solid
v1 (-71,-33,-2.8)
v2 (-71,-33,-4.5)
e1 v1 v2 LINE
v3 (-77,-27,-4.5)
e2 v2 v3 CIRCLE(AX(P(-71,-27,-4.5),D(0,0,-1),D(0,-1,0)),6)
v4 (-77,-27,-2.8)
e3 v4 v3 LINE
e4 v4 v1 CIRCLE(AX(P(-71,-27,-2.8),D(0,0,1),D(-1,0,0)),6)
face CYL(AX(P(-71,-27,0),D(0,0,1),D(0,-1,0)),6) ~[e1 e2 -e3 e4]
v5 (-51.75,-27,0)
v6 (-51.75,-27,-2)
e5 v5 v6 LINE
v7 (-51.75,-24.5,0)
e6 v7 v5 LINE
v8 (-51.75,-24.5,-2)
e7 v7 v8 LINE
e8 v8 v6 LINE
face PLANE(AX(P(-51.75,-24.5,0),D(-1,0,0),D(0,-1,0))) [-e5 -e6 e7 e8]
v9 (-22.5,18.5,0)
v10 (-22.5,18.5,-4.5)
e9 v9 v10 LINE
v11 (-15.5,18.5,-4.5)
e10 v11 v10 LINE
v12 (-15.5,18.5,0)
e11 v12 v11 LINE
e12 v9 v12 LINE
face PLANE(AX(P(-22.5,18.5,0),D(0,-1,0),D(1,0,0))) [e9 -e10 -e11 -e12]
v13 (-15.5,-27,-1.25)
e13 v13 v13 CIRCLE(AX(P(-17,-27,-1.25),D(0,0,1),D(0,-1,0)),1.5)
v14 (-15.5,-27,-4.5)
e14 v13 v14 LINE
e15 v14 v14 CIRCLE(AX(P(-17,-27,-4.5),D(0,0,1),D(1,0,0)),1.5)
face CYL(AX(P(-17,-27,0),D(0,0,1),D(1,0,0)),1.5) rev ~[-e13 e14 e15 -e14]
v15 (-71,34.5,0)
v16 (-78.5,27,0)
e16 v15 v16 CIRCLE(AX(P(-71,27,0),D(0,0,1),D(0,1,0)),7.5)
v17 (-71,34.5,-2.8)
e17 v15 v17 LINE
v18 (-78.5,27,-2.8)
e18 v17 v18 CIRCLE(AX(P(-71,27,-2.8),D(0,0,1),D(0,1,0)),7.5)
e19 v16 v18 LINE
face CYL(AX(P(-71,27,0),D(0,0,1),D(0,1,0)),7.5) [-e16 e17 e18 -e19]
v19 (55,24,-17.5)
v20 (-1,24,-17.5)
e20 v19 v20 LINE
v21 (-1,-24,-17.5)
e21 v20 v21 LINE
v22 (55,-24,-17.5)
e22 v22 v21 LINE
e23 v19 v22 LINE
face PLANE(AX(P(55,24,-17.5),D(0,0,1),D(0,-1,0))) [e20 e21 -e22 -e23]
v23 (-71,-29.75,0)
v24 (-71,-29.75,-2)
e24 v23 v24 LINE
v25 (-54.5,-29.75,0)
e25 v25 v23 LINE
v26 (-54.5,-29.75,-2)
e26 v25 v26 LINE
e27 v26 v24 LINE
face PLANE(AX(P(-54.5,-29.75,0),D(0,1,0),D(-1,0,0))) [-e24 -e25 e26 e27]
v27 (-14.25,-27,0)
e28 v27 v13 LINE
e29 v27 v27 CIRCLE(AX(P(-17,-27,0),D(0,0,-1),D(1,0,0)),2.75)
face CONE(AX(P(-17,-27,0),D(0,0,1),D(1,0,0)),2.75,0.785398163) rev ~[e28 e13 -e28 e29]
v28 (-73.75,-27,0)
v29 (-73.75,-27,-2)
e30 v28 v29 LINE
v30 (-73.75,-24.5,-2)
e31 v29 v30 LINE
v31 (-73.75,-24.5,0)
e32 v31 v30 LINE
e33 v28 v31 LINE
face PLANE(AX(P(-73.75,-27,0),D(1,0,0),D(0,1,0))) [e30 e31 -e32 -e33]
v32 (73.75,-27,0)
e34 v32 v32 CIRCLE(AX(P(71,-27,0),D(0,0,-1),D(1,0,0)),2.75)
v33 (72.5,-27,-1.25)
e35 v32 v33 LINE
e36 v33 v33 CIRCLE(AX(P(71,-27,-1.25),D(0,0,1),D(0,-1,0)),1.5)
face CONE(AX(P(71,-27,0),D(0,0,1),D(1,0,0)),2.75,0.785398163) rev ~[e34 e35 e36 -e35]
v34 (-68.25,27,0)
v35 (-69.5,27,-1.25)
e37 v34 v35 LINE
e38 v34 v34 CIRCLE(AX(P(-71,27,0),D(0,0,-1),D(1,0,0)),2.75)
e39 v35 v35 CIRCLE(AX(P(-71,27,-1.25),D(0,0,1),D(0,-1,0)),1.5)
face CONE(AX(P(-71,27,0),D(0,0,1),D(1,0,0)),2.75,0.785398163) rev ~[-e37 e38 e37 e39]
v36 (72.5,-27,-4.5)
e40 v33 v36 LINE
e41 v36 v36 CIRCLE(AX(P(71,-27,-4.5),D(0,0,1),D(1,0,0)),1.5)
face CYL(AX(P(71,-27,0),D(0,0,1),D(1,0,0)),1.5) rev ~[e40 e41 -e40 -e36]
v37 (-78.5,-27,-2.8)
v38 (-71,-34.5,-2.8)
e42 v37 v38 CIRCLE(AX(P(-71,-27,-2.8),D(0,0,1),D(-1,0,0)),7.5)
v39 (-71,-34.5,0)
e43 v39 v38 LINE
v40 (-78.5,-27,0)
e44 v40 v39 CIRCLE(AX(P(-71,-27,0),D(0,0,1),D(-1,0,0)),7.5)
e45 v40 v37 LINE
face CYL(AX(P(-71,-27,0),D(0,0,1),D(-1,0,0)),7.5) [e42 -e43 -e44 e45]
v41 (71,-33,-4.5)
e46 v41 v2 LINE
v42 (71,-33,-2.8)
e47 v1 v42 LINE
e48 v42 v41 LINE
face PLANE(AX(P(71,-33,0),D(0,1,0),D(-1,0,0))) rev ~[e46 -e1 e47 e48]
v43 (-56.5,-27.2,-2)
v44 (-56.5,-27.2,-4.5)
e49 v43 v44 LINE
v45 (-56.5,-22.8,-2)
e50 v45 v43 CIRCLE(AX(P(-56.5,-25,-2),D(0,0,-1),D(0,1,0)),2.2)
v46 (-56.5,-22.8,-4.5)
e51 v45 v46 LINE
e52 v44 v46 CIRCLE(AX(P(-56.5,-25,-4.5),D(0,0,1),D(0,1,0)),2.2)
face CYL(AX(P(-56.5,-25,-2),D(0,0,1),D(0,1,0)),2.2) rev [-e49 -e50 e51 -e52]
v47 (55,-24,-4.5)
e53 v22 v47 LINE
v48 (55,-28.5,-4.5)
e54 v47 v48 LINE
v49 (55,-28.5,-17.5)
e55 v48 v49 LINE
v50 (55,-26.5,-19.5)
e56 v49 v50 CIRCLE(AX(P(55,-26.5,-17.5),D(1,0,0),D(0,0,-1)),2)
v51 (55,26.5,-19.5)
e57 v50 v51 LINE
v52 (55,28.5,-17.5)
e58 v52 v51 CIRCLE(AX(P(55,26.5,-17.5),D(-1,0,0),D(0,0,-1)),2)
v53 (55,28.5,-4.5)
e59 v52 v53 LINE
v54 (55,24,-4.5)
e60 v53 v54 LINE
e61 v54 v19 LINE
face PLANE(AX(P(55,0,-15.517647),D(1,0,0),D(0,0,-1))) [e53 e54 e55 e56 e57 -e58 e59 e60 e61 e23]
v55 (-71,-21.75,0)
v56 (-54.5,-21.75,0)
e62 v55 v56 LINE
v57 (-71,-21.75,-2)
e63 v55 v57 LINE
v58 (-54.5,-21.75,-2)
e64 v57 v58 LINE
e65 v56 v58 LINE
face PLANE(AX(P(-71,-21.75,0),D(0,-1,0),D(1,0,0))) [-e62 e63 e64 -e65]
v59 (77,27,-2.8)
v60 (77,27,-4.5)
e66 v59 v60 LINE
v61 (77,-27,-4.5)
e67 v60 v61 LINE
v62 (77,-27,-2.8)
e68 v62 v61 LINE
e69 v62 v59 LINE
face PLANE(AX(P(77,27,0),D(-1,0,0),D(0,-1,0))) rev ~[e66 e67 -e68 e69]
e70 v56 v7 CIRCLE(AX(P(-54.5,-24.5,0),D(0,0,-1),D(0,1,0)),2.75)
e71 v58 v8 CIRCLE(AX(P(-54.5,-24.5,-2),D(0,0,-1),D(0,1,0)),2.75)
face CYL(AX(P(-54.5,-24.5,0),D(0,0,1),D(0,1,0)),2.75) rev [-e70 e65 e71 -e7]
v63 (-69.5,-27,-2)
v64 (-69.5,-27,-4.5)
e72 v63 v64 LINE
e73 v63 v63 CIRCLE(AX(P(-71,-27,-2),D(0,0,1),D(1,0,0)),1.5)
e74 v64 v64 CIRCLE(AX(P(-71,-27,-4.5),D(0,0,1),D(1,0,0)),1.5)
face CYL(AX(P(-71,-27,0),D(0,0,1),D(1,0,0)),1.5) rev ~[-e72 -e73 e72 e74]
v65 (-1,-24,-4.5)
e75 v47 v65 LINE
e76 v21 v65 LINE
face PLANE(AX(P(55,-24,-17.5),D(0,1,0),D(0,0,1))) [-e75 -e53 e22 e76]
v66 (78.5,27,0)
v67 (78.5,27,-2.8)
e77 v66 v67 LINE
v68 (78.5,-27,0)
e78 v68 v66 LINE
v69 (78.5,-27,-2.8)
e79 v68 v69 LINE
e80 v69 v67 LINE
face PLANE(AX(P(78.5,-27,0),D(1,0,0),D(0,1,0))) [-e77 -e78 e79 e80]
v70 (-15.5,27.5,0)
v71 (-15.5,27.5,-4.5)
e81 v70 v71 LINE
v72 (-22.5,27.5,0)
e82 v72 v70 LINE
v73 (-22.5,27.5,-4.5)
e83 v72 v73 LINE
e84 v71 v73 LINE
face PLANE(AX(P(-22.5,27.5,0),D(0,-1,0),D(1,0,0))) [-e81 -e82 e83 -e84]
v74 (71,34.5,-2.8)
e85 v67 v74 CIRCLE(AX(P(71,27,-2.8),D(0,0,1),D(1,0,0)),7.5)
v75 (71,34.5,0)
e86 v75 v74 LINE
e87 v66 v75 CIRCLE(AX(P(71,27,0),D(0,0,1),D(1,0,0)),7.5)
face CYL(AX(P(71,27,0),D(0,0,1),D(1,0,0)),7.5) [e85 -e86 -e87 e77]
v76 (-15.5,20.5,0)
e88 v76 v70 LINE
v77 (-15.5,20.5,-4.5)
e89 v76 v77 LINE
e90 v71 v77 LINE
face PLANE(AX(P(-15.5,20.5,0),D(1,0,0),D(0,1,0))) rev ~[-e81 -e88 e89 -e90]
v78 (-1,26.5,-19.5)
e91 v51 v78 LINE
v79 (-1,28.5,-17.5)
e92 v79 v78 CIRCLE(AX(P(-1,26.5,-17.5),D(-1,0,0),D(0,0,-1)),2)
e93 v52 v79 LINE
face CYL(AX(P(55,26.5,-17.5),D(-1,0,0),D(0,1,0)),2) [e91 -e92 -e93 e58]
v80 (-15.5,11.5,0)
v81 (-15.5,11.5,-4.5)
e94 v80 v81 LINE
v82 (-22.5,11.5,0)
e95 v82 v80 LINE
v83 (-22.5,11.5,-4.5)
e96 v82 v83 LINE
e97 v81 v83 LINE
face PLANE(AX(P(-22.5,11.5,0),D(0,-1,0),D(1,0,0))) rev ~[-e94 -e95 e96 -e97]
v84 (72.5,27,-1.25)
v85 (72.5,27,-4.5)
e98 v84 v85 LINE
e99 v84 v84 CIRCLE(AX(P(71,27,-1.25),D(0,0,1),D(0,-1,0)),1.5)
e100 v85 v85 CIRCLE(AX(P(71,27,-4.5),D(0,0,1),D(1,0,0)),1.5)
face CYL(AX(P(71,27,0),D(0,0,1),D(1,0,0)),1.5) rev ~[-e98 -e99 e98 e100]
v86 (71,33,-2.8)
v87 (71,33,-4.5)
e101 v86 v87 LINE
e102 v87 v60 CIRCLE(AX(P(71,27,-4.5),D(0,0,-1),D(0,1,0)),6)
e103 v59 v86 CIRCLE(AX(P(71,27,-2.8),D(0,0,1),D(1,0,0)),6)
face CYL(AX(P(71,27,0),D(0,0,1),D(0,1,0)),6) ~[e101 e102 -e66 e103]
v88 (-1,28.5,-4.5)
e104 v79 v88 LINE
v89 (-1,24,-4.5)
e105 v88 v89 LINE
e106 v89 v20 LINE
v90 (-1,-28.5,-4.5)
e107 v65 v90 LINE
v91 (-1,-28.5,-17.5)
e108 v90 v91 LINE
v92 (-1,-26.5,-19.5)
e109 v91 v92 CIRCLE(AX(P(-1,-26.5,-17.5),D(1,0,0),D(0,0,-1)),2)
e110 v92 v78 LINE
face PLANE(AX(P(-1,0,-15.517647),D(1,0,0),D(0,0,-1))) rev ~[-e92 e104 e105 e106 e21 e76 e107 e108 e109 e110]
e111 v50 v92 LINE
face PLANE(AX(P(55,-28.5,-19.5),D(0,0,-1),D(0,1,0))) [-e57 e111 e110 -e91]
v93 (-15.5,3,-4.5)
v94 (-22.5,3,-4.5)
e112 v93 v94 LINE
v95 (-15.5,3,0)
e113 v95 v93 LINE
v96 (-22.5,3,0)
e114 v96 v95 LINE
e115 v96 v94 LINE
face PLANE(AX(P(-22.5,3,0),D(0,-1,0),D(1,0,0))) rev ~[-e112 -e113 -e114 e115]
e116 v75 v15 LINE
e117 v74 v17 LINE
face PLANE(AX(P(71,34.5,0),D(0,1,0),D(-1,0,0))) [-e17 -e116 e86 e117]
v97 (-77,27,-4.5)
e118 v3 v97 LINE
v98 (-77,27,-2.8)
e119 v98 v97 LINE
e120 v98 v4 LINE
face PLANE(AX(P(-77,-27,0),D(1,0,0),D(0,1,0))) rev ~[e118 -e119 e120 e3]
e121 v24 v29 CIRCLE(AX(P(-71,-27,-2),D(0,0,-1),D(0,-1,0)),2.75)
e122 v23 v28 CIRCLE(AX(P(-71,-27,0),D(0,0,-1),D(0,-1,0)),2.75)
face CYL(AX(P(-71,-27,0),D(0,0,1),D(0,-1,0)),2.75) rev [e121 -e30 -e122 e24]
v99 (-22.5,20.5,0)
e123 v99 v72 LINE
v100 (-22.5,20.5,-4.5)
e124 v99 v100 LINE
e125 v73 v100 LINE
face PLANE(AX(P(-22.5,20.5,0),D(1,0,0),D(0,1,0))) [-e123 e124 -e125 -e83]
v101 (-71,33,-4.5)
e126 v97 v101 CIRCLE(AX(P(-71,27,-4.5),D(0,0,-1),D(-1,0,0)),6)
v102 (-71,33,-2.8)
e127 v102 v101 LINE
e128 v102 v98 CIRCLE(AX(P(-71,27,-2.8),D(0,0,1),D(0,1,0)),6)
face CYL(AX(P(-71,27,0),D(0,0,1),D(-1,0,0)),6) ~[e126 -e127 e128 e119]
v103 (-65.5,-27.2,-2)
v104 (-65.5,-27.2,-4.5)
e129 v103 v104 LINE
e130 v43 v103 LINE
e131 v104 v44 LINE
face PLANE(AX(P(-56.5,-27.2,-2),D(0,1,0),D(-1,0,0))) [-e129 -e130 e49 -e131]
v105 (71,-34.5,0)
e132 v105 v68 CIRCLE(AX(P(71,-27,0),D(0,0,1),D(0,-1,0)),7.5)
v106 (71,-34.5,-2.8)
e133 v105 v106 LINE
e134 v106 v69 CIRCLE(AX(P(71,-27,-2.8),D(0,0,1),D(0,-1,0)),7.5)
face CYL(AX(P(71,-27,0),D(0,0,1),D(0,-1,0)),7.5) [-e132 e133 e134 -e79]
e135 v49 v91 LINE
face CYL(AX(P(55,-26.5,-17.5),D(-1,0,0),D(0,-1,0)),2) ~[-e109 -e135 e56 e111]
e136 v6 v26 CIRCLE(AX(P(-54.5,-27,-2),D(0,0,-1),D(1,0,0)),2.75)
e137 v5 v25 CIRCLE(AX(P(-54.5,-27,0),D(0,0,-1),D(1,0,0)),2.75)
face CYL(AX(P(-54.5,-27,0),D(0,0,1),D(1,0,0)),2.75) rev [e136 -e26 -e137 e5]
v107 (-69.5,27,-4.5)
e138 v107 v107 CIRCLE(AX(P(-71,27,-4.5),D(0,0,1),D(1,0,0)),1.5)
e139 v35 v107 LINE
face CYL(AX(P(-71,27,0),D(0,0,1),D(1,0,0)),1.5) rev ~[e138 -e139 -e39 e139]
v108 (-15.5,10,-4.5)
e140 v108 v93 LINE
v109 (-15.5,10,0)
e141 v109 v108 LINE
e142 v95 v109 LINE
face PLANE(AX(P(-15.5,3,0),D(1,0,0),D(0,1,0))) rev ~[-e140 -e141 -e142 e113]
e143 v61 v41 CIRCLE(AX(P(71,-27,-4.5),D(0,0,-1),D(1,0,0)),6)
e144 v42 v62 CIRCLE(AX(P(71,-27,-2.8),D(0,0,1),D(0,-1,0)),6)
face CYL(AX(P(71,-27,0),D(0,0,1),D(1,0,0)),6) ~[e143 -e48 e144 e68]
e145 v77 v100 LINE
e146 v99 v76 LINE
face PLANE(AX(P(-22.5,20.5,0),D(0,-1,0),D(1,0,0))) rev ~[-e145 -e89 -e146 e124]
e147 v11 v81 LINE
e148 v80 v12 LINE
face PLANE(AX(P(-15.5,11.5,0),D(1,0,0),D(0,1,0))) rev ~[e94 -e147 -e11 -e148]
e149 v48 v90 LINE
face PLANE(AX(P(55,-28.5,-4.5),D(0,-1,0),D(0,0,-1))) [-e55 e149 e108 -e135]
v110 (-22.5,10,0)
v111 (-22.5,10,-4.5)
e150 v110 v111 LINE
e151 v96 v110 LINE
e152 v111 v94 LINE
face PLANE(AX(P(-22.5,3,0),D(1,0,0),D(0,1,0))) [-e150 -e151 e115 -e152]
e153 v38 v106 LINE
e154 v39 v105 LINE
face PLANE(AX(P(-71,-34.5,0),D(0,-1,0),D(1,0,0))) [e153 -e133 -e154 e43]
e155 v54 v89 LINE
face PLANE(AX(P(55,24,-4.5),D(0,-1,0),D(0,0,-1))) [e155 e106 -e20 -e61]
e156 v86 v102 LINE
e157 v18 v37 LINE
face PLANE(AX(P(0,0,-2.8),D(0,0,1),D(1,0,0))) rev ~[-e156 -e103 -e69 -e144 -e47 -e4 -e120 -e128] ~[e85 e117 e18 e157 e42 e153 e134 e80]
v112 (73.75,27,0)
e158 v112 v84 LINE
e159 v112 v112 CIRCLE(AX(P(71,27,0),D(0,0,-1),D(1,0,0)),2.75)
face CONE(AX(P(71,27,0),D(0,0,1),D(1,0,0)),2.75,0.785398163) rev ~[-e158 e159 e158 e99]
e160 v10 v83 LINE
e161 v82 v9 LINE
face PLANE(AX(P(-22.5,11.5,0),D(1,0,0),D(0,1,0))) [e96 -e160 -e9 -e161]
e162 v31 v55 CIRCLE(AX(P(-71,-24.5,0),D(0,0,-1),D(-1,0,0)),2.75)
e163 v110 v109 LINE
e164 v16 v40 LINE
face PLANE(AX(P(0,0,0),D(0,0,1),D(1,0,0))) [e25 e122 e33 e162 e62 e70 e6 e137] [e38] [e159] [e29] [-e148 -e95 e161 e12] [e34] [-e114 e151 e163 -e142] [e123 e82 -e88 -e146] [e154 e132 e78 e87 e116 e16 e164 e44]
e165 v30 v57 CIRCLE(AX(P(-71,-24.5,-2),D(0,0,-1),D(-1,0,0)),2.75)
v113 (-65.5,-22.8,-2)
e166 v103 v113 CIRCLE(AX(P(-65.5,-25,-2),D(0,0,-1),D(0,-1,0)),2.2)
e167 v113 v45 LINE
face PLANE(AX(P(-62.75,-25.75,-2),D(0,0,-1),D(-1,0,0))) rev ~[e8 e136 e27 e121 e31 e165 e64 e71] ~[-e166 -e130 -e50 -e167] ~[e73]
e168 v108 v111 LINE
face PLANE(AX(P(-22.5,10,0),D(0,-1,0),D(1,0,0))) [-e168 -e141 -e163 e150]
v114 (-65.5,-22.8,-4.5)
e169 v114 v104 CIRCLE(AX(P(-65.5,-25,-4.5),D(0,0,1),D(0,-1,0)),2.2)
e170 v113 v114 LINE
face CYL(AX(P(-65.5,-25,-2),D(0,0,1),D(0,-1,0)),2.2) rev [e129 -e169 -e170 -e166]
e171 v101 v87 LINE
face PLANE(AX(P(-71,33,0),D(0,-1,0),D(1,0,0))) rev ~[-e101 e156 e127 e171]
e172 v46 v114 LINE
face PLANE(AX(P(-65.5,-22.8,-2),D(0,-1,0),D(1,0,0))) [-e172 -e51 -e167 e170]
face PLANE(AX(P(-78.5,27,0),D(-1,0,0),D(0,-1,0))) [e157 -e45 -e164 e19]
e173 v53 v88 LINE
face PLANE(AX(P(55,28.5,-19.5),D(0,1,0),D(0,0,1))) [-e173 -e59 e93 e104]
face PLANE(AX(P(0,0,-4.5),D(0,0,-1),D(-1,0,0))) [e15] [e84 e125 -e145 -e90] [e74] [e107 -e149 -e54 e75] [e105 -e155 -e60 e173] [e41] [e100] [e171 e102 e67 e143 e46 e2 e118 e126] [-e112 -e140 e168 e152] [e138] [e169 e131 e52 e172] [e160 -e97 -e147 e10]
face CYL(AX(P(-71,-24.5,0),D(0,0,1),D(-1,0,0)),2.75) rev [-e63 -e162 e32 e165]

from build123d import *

# Parameters (mm, degrees)
EXTRUDE_1_DEPTH             = 2.8
EXTRUDE_2_DEPTH             = 4.5
SKETCH_2_R                  = 1.5
CUT_EXTRUDE_1_DEPTH         = 5
PATTERN_LINEAR_1_COUNT      = 2
PATTERN_LINEAR_1_PITCH      = 142
PATTERN_LINEAR_1_COUNT_DIR2 = 2
PATTERN_LINEAR_1_PITCH_DIR2 = 54
CUT_EXTRUDE_2_DEPTH         = 2
SKETCH_7_R                  = 1.5
CUT_EXTRUDE_3_DEPTH         = 3
SKETCH_8_W                  = 7
SKETCH_8_H                  = 7
CUT_EXTRUDE_4_DEPTH         = 5
EXTRUDE_3_DEPTH             = 56
FILLET_1_R                  = 2


with BuildPart() as part:
    # 草图1 → 凸台-拉伸1 (new body)
    with BuildSketch(Plane.XY):
        with BuildLine():
            Line((-71, -34.5), (71, -34.5))
            ThreePointArc((71, -34.5), (76.303300859, -32.303300859), (78.5, -27))
            Line((78.5, -27), (78.5, 27))
            ThreePointArc((78.5, 27), (76.303300859, 32.303300859), (71, 34.5))
            Line((71, 34.5), (-71, 34.5))
            ThreePointArc((-71, 34.5), (-76.303300859, 32.303300859), (-78.5, 27))
            Line((-78.5, 27), (-78.5, -27))
            ThreePointArc((-78.5, -27), (-76.303300859, -32.303300859), (-71, -34.5))
        make_face()
        with BuildLine():
            Line((-71, -33), (71, -33))
            ThreePointArc((71, -33), (75.242640687, -31.242640687), (77, -27))
            Line((77, -27), (77, 27))
            ThreePointArc((77, 27), (75.242640687, 31.242640687), (71, 33))
            Line((71, 33), (-71, 33))
            ThreePointArc((-71, 33), (-75.242640687, 31.242640687), (-77, 27))
            Line((-77, 27), (-77, -27))
            ThreePointArc((-77, -27), (-75.242640687, -31.242640687), (-71, -33))
        make_face(mode=Mode.SUBTRACT)
    extrude(amount=-EXTRUDE_1_DEPTH)

    # 草图1<2> → 凸台-拉伸2 (add)
    with BuildSketch(Plane.XY):
        with BuildLine():
            ThreePointArc((-77, -27), (-75.242640687, -31.242640687), (-71, -33))
            Line((-71, -33), (71, -33))
            ThreePointArc((71, -33), (75.242640687, -31.242640687), (77, -27))
            Line((77, -27), (77, 27))
            ThreePointArc((77, 27), (75.242640687, 31.242640687), (71, 33))
            Line((71, 33), (-71, 33))
            ThreePointArc((-71, 33), (-75.242640687, 31.242640687), (-77, 27))
            Line((-77, 27), (-77, -27))
        make_face()
    extrude(amount=-EXTRUDE_2_DEPTH)

    # 草图2 → 切除-拉伸1 (cut)
    with BuildSketch(Plane.XY):
        with Locations((-71, 27)):
            Circle(SKETCH_2_R)
        with Locations((-71, -27)):
            Circle(SKETCH_2_R)
        with Locations((71, 27)):
            Circle(SKETCH_2_R)
        with Locations((71, -27)):
            Circle(SKETCH_2_R)
        with Locations((-17, -27)):
            Circle(SKETCH_2_R)
    extrude(amount=-CUT_EXTRUDE_1_DEPTH, mode=Mode.SUBTRACT)

    # 草图4 → 切除-旋转1 (revolve, cut)
    with BuildSketch(Plane(origin=(-71, 0, 0), x_dir=(0, 0, -1), z_dir=(1, 0, 0))):
        Polygon((2.75, 27), (0, 27), (0, 29.75), align=None)
    cut_revolve_1 = revolve(axis=Axis((-71, 27, 0.2), (0, 0, -1)), mode=Mode.SUBTRACT)

    # 阵列(线性)1: Cut-Revolve 1 2 × 2
    with Locations(*[(i * PATTERN_LINEAR_1_PITCH, -j * PATTERN_LINEAR_1_PITCH_DIR2, 0) for i in range(PATTERN_LINEAR_1_COUNT) for j in range(PATTERN_LINEAR_1_COUNT_DIR2) if (i, j) != (0, 0)]):
        add(cut_revolve_1, mode=Mode.SUBTRACT)

    # 草图5 → 切除-旋转2 (revolve, cut)
    with BuildSketch(Plane(origin=(-17, 0, 0), x_dir=(0, 0, -1), z_dir=(1, 0, 0))):
        Polygon((2.75, -27), (0, -27), (0, -24.25), align=None)
    revolve(axis=Axis((-17, -27, 0.2), (0, 0, -1)), mode=Mode.SUBTRACT)

    # 草图6 → 切除-拉伸2 (cut)
    with BuildSketch(Plane.XY):
        with BuildLine():
            Line((-71, -21.75), (-54.5, -21.75))
            ThreePointArc((-54.5, -21.75), (-52.555456352, -22.555456352), (-51.75, -24.5))
            Line((-51.75, -24.5), (-51.75, -27))
            ThreePointArc((-51.75, -27), (-52.555456352, -28.944543648), (-54.5, -29.75))
            Line((-54.5, -29.75), (-71, -29.75))
            ThreePointArc((-71, -29.75), (-72.944543648, -28.944543648), (-73.75, -27))
            Line((-73.75, -27), (-73.75, -24.5))
            ThreePointArc((-73.75, -24.5), (-72.944543648, -22.555456352), (-71, -21.75))
        make_face()
    extrude(amount=-CUT_EXTRUDE_2_DEPTH, mode=Mode.SUBTRACT)

    # 草图7 → 切除-拉伸3 (cut)
    with BuildSketch(Plane.XY.offset(-2)):
        with Locations((-71, -27)):
            Circle(SKETCH_7_R)
        with BuildLine():
            Line((-65.5, -22.8), (-56.5, -22.8))
            ThreePointArc((-56.5, -22.8), (-54.3, -25), (-56.5, -27.2))
            Line((-56.5, -27.2), (-65.5, -27.2))
            ThreePointArc((-65.5, -27.2), (-67.7, -25), (-65.5, -22.8))
        make_face()
    extrude(amount=-CUT_EXTRUDE_3_DEPTH, mode=Mode.SUBTRACT)

    # 草图8 → 切除-拉伸4 (cut)
    with BuildSketch(Plane.XY):
        with Locations((-19, 24)):
            Rectangle(SKETCH_8_W, SKETCH_8_H)
        with Locations((-19, 15)):
            Rectangle(SKETCH_8_W, SKETCH_8_H)
        with Locations((-19, 6.5)):
            Rectangle(SKETCH_8_W, SKETCH_8_H)
    extrude(amount=-CUT_EXTRUDE_4_DEPTH, mode=Mode.SUBTRACT)

    # 草图9 → 凸台-拉伸3 (add)
    with BuildSketch(Plane(origin=(55, 0, 0), x_dir=(0, 0, -1), z_dir=(1, 0, 0))):
        Polygon((17.5, -24), (4.5, -24), (4.5, -28.5), (19.5, -28.5), (19.5, 28.5), (4.5, 28.5), (4.5, 24), (17.5, 24), align=None)
    extrude(amount=-EXTRUDE_3_DEPTH)

    # 圆角1
    fillet_1_edges = [part.edges().sort_by_distance(p)[0] for p in [
        (27, -28.5, -19.5),
        (27, 28.5, -19.5),
    ]]
    fillet(fillet_1_edges, radius=FILLET_1_R)


solid = part.part
